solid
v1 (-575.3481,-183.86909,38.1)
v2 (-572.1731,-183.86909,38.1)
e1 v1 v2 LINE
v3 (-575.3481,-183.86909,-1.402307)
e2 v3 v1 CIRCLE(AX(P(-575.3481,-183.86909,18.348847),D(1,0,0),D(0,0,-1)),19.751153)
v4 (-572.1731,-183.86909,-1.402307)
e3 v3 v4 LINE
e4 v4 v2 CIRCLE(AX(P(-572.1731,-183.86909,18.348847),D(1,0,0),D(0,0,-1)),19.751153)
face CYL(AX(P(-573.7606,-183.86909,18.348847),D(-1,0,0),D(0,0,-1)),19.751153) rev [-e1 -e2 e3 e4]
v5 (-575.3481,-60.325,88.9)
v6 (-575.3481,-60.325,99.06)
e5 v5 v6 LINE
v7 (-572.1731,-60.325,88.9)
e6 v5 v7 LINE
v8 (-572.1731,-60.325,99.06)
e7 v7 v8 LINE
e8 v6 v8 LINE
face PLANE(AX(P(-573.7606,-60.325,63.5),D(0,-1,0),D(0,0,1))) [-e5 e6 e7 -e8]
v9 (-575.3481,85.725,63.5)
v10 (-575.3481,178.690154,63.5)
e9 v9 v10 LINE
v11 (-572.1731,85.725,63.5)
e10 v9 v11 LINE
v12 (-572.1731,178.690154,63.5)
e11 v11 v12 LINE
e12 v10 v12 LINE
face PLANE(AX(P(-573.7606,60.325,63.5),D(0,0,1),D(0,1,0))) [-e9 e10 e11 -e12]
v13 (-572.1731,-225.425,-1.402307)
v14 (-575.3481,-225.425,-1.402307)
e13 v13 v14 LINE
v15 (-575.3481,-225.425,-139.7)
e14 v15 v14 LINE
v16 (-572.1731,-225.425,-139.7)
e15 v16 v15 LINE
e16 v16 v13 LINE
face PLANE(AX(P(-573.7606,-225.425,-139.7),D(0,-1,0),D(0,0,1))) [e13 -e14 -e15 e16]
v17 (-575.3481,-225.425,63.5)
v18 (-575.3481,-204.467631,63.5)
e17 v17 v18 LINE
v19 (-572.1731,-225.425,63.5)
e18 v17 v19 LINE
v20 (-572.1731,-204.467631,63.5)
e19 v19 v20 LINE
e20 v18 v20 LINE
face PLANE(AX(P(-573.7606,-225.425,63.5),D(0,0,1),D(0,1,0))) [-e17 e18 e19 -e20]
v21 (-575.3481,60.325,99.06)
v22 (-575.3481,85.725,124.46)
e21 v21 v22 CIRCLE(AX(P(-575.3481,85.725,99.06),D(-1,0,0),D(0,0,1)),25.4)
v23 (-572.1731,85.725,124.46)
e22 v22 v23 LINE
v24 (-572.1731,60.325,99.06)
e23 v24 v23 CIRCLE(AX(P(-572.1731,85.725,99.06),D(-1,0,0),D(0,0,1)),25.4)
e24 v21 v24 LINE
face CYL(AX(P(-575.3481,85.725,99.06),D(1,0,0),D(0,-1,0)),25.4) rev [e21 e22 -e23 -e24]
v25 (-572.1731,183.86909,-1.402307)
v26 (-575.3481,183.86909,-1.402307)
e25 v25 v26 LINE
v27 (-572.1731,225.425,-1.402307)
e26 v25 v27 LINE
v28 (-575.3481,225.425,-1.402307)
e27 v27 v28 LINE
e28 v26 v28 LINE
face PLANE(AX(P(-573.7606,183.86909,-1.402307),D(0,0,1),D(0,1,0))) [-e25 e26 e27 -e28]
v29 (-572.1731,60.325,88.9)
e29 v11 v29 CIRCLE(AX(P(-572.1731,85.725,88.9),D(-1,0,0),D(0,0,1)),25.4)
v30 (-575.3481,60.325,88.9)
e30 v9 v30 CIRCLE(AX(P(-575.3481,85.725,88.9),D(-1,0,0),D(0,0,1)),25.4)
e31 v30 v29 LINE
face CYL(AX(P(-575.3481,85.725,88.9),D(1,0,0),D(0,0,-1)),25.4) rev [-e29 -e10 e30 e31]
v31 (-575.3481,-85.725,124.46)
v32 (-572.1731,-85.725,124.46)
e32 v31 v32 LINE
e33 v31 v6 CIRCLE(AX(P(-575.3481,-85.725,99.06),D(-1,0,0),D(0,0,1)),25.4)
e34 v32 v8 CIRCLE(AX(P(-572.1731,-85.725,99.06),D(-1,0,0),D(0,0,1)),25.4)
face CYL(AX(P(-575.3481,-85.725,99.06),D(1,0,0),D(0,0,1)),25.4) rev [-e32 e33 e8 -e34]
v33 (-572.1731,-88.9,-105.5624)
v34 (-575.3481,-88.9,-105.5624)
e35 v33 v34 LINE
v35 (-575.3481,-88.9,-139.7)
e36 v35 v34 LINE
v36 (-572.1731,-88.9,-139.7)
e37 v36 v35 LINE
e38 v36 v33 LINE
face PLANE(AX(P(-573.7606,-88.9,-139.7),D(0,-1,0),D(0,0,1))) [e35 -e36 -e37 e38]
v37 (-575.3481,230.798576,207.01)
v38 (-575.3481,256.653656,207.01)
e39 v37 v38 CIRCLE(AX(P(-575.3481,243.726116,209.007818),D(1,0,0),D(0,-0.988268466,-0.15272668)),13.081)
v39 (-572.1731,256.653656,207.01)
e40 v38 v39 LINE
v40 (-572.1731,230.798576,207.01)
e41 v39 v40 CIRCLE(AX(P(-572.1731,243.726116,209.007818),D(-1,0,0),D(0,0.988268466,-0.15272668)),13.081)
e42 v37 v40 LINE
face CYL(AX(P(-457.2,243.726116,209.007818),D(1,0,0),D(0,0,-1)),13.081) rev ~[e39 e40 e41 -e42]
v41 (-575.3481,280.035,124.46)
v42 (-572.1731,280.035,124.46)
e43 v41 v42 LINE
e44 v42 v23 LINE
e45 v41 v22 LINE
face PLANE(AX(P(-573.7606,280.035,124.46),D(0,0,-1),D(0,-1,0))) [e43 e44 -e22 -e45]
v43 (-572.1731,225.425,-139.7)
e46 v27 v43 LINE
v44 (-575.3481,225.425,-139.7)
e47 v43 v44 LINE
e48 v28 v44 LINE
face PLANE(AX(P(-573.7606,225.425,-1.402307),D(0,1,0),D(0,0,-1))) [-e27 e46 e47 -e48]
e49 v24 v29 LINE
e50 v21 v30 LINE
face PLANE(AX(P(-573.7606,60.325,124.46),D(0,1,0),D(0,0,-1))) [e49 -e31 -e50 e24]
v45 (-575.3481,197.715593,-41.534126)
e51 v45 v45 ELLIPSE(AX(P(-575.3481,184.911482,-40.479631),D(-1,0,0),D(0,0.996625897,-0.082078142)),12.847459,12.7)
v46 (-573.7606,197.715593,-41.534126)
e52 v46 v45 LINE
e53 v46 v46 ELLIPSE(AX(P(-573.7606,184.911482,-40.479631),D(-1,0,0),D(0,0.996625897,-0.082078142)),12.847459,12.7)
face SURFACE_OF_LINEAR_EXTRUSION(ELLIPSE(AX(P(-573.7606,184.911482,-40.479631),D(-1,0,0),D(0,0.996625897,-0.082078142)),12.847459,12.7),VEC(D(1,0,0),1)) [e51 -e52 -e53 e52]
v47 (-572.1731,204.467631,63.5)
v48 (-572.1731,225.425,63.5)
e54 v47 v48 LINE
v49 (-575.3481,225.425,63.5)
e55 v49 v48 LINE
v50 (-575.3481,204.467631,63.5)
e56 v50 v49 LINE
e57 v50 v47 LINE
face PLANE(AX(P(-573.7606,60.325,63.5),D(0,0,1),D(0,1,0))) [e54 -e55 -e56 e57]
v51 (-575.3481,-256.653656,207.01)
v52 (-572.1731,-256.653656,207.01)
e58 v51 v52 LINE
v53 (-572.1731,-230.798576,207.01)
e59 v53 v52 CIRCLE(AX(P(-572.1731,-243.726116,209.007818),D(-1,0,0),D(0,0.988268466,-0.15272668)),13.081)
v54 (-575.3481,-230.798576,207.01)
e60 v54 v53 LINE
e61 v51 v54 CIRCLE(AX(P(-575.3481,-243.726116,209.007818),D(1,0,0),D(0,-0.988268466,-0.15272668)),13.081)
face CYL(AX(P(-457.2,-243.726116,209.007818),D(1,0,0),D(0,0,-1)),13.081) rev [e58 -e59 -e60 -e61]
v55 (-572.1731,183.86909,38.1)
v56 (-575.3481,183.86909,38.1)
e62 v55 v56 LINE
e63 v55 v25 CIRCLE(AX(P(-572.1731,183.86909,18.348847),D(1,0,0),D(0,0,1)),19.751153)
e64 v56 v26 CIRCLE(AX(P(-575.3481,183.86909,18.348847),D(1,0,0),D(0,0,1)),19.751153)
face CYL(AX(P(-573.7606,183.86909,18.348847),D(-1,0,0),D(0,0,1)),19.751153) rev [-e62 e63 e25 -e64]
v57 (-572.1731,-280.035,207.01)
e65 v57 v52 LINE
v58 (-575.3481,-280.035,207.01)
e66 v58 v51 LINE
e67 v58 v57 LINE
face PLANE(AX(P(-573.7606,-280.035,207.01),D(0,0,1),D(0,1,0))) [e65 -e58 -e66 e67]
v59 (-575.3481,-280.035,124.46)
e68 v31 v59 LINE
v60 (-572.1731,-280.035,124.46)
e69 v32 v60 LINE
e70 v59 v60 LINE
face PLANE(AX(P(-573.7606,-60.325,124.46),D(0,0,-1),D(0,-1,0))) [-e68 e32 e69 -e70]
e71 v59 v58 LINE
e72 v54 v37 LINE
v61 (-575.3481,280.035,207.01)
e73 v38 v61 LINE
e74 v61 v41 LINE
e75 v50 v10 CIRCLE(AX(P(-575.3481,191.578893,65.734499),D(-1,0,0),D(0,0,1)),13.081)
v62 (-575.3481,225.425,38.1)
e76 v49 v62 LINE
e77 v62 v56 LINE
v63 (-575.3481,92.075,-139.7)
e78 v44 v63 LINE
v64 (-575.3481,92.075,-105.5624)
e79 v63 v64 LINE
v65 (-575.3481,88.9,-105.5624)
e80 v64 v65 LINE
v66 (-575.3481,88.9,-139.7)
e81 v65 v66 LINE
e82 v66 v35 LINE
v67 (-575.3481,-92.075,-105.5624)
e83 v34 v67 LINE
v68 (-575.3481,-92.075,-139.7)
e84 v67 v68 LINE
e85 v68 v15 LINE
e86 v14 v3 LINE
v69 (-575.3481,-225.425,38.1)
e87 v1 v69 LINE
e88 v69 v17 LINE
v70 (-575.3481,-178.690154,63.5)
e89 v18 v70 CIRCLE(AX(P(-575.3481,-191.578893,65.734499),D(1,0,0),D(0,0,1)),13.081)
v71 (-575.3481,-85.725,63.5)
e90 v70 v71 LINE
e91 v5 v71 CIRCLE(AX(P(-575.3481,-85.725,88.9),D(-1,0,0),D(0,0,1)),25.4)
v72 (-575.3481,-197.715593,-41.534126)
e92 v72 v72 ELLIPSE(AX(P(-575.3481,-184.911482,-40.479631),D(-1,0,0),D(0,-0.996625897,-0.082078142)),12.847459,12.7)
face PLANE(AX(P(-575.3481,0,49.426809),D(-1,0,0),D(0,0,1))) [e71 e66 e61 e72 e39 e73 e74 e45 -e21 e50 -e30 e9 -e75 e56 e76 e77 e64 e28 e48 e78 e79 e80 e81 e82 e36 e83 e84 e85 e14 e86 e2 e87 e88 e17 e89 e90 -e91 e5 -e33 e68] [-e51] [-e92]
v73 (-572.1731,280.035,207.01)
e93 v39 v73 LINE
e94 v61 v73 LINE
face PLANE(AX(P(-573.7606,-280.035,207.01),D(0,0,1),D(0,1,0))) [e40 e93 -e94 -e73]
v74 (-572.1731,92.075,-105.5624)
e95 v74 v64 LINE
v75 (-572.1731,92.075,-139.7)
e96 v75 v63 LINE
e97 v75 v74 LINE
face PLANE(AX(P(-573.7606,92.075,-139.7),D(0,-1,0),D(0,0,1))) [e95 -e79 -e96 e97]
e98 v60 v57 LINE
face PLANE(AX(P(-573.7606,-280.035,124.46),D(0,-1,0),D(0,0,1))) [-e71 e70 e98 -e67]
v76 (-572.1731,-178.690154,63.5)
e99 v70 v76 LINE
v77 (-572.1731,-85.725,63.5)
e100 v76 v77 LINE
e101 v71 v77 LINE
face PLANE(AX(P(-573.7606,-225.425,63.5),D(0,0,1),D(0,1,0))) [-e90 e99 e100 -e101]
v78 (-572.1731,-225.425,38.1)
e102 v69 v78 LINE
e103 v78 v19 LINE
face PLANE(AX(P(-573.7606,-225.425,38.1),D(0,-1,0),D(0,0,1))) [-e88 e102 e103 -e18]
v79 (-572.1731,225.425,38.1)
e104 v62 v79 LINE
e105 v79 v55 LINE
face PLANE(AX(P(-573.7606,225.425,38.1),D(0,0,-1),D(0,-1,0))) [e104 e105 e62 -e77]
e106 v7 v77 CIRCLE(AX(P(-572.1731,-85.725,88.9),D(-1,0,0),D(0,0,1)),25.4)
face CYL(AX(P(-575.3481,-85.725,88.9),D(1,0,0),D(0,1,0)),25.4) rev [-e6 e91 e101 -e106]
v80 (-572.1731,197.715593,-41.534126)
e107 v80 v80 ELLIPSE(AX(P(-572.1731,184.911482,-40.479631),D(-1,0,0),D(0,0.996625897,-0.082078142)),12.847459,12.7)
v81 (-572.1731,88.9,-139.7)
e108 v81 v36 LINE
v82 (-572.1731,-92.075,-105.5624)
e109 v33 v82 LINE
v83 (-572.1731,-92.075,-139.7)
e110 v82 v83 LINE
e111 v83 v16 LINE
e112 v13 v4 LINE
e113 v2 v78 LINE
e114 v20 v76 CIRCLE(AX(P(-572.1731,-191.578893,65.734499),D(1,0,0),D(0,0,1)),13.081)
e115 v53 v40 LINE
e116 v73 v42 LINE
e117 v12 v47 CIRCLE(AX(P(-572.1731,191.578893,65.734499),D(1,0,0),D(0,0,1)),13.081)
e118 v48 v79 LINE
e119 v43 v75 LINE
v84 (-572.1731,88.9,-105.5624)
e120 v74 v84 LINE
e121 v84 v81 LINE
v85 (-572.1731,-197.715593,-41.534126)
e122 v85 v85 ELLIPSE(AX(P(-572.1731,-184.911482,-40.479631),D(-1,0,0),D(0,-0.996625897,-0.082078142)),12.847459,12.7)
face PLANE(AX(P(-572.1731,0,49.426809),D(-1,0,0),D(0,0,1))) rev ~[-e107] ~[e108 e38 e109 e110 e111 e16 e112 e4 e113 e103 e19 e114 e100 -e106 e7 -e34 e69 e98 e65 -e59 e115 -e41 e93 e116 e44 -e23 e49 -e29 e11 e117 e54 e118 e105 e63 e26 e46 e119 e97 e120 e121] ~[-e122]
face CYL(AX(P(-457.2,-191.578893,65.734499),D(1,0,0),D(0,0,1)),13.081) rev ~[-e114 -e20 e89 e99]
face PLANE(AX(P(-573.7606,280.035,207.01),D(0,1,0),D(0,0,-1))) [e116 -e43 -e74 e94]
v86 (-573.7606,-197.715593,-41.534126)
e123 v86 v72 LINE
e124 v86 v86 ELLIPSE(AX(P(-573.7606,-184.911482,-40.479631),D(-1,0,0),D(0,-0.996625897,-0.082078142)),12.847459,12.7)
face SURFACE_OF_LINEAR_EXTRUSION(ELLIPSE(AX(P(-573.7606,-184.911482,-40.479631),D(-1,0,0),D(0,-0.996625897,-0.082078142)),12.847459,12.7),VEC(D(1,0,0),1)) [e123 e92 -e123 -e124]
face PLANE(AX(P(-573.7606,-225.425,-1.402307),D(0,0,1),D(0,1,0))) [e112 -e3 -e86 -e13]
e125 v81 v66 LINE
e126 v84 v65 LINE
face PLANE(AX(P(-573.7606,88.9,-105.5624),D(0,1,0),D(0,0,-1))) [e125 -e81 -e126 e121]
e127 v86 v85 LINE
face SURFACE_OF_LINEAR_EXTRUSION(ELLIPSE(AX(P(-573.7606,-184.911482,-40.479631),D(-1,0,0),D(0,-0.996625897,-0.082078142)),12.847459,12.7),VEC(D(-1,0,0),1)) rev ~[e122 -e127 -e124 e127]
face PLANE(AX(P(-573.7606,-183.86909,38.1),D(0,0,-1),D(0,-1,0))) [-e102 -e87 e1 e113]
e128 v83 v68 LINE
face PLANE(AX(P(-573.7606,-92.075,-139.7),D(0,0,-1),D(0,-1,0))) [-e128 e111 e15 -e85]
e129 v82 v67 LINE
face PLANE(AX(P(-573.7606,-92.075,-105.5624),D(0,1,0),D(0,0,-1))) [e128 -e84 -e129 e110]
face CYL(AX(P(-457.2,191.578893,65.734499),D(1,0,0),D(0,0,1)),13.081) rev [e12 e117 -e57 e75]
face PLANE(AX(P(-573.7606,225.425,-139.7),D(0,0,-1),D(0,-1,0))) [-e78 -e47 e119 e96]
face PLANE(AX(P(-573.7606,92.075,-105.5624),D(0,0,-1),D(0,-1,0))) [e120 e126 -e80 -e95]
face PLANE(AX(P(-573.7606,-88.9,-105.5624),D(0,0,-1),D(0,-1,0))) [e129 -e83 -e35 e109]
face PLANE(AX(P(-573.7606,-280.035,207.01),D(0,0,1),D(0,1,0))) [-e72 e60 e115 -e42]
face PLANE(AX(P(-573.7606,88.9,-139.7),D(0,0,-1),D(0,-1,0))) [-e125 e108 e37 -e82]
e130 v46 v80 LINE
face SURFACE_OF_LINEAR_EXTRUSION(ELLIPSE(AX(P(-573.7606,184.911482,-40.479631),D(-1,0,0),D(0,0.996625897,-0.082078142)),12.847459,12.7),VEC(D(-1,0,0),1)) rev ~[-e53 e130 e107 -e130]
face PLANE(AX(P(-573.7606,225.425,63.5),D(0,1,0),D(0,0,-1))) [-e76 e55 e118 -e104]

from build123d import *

# Parameters (mm, degrees)
SKETCH1_RX          = 12.847459174
SKETCH1_RY          = 12.7
BOSS_EXTRUDE1_DEPTH = 1.5875
SKETCH3_R           = 13.081
CUT_EXTRUDE1_DEPTH  = 118.1481
SKETCH4_R           = 13.081
CUT_EXTRUDE2_DEPTH  = 118.1481
FILLET1_R           = 25.4


with BuildPart() as part:
    # Sketch1 → Boss-Extrude1 (new, symmetric)
    with BuildSketch(Plane.ZY.offset(573.7606)):
        with BuildLine():
            Line((38.1, 225.425), (38.1, 183.869089605))
            ThreePointArc((38.1, 183.869089605), (18.348846559, 164.117936165), (-1.402306881, 183.869089605))
            Line((-1.402306881, 183.869089605), (-1.402306881, 225.425))
            Line((-1.402306881, 225.425), (-139.7, 225.425))
            Line((-139.7, 225.425), (-139.7, 92.075))
            Line((-139.7, 92.075), (-105.5624, 92.075))
            Line((-105.5624, 92.075), (-105.5624, 88.9))
            Line((-105.5624, 88.9), (-139.7, 88.9))
            Line((-139.7, 88.9), (-139.7, -88.9))
            Line((-139.7, -88.9), (-105.5624, -88.9))
            Line((-105.5624, -88.9), (-105.5624, -92.075))
            Line((-105.5624, -92.075), (-139.7, -92.075))
            Line((-139.7, -92.075), (-139.7, -225.425))
            Line((-139.7, -225.425), (-1.402306881, -225.425))
            Line((-1.402306881, -225.425), (-1.402306881, -183.869089605))
            ThreePointArc((-1.402306881, -183.869089605), (18.348846559, -164.117936165), (38.1, -183.869089605))
            Line((38.1, -183.869089605), (38.1, -225.425))
            Line((38.1, -225.425), (63.5, -225.425))
            Line((63.5, -225.425), (63.5, -60.325))
            Line((63.5, -60.325), (124.46, -60.325))
            Line((124.46, -60.325), (124.46, -280.035))
            Line((124.46, -280.035), (207.01, -280.035))
            Line((207.01, -280.035), (207.01, 280.035))
            Line((207.01, 280.035), (124.46, 280.035))
            Line((124.46, 280.035), (124.46, 60.325))
            Line((124.46, 60.325), (63.5, 60.325))
            Line((63.5, 60.325), (63.5, 225.425))
            Line((63.5, 225.425), (38.1, 225.425))
        make_face()
        with Locations(Location((-40.479630886, 184.911482002), (0, 0, 94.708027414))):
            Ellipse(SKETCH1_RX, SKETCH1_RY, mode=Mode.SUBTRACT)
        with Locations(Location((-40.479630886, -184.911482002), (0, 0, -94.708027414))):
            Ellipse(SKETCH1_RX, SKETCH1_RY, mode=Mode.SUBTRACT)
    extrude(amount=BOSS_EXTRUDE1_DEPTH, both=True)

    # Sketch3 → Cut-Extrude1 (cut)
    with BuildSketch(Plane(origin=(-457.2, 191.578892686, 65.734499214), x_dir=(0, 0, 1), z_dir=(-1, 0, 0))):
        Circle(SKETCH3_R)
    cut_extrude1 = extrude(amount=CUT_EXTRUDE1_DEPTH, mode=Mode.SUBTRACT)

    # Sketch4 → Cut-Extrude2 (cut)
    with BuildSketch(Plane(origin=(-457.2, 243.726115798, 209.007817696), x_dir=(0, 0, -1), z_dir=(1, 0, 0))):
        Circle(SKETCH4_R)
    cut_extrude2 = extrude(amount=-CUT_EXTRUDE2_DEPTH, mode=Mode.SUBTRACT)

    # Mirror1: Cut-Extrude1, Cut-Extrude2 across plane
    add(cut_extrude1.mirror(Plane.ZX), mode=Mode.SUBTRACT)
    add(cut_extrude2.mirror(Plane.ZX), mode=Mode.SUBTRACT)

    # Fillet1
    fillet1_edges = [part.edges().sort_by_distance(p)[0] for p in [
        (-573.7606, 60.325, 63.5),
        (-573.7606, 60.325, 124.46),
        (-573.7606, -60.325, 124.46),
        (-573.7606, -60.325, 63.5),
    ]]
    fillet(fillet1_edges, radius=FILLET1_R)


solid = part.part
